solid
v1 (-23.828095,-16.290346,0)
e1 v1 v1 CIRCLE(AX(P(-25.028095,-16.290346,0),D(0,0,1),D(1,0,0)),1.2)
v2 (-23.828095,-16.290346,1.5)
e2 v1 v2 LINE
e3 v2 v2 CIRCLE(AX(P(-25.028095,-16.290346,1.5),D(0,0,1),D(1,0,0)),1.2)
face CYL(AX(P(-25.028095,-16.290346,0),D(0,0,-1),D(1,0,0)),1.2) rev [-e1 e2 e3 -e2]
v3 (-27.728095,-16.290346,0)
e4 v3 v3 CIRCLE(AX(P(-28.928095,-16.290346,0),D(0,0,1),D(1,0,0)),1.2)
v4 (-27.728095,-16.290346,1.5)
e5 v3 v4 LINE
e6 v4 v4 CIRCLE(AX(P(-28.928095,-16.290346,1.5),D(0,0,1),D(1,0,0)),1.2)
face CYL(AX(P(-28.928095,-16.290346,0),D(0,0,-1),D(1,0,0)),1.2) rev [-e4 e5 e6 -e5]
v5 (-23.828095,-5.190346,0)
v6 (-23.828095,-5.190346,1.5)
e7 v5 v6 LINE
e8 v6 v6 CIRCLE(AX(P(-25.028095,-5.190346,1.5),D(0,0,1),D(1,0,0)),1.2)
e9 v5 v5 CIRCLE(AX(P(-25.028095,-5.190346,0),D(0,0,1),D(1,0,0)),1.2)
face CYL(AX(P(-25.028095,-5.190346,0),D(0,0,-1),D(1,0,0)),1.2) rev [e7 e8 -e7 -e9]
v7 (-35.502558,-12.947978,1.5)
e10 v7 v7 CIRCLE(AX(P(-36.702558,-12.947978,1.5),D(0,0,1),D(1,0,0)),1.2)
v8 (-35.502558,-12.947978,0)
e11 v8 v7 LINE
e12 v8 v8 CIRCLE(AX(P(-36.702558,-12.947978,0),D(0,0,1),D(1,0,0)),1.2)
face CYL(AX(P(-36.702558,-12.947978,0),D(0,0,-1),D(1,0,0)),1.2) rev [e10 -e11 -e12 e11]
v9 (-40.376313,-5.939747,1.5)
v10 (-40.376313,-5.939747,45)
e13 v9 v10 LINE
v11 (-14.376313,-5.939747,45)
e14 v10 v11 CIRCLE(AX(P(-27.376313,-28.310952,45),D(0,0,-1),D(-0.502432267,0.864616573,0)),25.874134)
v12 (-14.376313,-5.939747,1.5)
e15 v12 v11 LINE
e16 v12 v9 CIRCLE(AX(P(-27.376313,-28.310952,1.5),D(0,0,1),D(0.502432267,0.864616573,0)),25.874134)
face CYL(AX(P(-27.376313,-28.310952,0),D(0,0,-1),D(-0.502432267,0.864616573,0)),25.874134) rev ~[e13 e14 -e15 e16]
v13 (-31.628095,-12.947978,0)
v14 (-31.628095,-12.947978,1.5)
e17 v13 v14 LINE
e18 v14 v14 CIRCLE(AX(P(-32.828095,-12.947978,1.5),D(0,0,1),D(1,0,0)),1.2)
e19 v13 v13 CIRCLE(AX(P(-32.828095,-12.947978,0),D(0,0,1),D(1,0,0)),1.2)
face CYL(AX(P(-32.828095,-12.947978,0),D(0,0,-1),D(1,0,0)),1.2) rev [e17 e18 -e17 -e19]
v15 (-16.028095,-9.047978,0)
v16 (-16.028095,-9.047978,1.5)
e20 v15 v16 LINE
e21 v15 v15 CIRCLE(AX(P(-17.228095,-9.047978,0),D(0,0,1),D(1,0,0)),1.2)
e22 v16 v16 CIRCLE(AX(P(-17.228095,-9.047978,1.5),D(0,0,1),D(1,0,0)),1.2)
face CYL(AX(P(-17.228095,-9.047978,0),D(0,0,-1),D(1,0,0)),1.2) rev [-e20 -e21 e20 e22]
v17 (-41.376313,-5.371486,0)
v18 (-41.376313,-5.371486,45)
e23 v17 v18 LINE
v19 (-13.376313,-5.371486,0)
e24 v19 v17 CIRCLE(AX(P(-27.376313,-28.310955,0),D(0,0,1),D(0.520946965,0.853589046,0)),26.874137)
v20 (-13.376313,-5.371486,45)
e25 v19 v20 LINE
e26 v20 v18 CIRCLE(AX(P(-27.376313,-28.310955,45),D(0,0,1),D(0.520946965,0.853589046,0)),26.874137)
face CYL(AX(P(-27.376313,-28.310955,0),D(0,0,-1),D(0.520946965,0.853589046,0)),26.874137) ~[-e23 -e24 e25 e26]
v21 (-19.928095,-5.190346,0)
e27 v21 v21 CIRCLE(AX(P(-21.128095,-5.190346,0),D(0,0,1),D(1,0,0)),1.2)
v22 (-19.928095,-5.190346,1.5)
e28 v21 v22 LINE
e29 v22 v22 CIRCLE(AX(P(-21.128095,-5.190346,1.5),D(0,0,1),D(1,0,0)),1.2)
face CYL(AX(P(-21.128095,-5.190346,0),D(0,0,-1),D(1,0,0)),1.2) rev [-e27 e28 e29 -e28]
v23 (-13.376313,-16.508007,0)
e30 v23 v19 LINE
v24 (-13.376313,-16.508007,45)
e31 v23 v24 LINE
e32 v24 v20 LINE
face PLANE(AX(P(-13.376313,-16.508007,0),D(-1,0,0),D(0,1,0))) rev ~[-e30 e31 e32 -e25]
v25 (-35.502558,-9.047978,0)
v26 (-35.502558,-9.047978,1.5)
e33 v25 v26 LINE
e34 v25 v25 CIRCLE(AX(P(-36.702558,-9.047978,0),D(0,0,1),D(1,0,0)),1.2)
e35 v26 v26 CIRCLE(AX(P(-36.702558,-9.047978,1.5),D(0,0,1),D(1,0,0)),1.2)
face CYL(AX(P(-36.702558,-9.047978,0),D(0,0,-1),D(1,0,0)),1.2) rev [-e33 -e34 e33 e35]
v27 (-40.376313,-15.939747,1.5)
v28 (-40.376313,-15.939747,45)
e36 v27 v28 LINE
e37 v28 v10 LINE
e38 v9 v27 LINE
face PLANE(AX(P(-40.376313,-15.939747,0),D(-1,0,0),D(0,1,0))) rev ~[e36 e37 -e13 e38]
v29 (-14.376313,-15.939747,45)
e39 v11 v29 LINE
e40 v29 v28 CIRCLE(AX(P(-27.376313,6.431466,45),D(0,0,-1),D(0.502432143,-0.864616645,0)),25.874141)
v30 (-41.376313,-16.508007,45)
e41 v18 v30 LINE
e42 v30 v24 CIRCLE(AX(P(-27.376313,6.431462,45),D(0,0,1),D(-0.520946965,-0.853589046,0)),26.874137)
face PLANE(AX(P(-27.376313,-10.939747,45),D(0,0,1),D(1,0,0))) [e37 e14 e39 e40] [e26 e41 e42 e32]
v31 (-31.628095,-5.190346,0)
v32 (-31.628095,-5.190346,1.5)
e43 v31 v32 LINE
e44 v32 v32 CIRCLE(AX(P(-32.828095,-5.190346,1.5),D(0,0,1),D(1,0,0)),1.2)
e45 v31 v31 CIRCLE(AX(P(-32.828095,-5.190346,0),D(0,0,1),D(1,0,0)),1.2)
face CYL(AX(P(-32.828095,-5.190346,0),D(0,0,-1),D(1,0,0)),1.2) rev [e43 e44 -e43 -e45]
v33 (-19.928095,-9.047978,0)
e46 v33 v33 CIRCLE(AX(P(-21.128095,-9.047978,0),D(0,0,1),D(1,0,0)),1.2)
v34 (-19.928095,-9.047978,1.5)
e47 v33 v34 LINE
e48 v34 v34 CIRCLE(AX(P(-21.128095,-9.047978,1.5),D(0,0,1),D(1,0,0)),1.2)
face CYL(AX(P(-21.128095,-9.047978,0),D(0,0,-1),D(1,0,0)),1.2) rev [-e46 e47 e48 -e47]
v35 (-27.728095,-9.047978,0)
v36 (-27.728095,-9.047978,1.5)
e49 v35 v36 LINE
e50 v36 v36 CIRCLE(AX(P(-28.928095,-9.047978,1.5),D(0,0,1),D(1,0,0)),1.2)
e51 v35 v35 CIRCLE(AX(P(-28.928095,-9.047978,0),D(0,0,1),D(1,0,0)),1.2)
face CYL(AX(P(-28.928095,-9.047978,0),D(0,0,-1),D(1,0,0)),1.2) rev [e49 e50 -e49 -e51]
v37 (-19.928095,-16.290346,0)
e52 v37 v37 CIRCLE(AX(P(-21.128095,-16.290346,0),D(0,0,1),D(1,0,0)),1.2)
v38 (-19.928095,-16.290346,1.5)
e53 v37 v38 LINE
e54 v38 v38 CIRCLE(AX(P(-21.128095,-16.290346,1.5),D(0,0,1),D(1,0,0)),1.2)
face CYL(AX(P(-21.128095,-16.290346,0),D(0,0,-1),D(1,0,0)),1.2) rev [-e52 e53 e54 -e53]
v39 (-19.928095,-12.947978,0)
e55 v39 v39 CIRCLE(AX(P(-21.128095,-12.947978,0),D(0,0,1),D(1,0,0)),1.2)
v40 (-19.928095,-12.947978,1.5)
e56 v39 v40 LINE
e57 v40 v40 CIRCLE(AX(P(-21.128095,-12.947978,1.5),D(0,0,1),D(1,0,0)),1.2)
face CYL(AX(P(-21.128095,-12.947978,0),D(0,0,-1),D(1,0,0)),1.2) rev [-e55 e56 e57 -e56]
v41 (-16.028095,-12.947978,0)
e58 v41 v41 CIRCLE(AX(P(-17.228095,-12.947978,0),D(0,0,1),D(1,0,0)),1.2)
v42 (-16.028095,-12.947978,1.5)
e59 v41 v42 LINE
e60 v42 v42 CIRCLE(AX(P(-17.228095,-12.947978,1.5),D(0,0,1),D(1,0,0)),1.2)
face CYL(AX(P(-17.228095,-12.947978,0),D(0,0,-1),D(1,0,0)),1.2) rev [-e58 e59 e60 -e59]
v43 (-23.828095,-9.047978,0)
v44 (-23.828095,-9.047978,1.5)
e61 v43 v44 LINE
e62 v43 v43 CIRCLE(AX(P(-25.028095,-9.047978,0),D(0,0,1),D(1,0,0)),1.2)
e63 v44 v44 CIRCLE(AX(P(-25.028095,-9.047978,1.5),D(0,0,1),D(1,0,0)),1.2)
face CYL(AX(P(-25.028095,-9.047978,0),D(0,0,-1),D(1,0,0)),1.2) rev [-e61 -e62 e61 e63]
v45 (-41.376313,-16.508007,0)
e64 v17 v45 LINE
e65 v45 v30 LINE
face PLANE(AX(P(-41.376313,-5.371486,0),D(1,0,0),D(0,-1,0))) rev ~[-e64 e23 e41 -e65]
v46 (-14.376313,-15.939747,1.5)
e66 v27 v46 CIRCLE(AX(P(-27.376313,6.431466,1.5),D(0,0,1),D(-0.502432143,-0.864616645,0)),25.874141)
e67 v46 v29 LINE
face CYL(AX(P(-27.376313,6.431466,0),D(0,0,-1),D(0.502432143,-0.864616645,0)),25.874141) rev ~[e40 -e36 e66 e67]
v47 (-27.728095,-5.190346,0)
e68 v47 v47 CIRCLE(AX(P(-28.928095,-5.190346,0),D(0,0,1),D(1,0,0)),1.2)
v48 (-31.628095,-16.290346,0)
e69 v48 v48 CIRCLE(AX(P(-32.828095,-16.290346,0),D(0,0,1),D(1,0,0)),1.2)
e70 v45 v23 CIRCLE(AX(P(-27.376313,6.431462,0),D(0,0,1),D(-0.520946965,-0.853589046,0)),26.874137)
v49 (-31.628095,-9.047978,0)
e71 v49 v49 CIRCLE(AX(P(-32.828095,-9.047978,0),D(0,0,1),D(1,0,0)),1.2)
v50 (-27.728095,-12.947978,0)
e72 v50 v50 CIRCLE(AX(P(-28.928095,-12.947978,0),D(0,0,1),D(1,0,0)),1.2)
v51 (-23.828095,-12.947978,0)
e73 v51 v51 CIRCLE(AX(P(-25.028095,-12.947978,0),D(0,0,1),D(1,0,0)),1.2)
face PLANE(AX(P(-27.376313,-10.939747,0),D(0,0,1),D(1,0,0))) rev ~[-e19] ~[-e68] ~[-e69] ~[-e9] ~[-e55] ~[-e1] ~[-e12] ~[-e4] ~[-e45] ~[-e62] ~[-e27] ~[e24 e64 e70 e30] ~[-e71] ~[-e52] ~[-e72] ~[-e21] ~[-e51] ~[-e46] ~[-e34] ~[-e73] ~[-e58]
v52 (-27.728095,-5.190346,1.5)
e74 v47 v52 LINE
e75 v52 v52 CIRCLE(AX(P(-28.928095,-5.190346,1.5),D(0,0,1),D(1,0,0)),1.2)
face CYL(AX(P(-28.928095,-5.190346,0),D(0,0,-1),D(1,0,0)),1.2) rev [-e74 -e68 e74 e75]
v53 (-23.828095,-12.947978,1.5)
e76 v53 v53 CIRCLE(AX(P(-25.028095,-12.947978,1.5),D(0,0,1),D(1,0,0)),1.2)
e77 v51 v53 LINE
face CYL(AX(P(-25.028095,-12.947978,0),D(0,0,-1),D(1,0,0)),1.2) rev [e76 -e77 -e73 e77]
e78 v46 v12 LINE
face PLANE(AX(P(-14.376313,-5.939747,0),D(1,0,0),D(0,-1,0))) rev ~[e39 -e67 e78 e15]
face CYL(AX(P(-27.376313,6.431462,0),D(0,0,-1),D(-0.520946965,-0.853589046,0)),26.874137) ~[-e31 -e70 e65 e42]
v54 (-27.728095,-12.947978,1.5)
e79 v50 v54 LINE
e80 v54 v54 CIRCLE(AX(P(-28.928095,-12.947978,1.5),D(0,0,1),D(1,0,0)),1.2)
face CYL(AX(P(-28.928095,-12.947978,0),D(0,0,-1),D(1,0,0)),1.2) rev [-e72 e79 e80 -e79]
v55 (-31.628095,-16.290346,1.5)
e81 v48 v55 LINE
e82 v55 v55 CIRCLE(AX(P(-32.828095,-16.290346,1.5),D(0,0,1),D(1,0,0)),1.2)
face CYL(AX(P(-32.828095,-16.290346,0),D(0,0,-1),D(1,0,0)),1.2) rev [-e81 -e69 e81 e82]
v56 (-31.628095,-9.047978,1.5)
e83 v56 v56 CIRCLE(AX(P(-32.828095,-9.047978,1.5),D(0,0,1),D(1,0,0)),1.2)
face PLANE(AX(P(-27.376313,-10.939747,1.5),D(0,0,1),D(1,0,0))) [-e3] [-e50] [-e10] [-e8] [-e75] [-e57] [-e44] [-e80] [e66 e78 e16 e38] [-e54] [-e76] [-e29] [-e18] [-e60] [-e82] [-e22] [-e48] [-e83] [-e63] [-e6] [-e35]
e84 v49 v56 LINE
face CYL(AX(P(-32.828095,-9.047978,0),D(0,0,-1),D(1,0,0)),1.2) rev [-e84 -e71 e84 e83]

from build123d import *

# Parameters (mm, degrees)
F1_DEPTH = 45
F0_R     = 1.2
F2_DEPTH = 1.5


with BuildPart() as f1:
    # F0 (on Top) → F1 (new body)
    with BuildSketch(Plane.XY):
        with BuildLine():
            Line((-13.376313, -16.508007), (-13.376313, -5.371486))
            ThreePointArc((-13.376313, -5.371486), (-27.376313, -1.436818), (-41.376313, -5.371486))
            Line((-41.376313, -5.371486), (-41.376313, -16.508007))
            ThreePointArc((-41.376313, -16.508007), (-27.376313, -20.442675), (-13.376313, -16.508007))
        make_face()
        with BuildLine():
            Line((-40.376313, -15.939747), (-40.376313, -5.939747))
            ThreePointArc((-40.376313, -5.939747), (-27.376313, -2.436818), (-14.376313, -5.939747))
            Line((-14.376313, -5.939747), (-14.376313, -15.939747))
            ThreePointArc((-14.376313, -15.939747), (-27.376313, -19.442675), (-40.376313, -15.939747))
        make_face(mode=Mode.SUBTRACT)
    extrude(amount=F1_DEPTH)

    # F0 (on Top) → F2 (join)
    with BuildSketch(Plane.XY):
        with BuildLine():
            ThreePointArc((-14.376313, -5.939747), (-27.376313, -2.436818), (-40.376313, -5.939747))
            Line((-40.376313, -5.939747), (-40.376313, -15.939747))
            ThreePointArc((-40.376313, -15.939747), (-27.376313, -19.442675), (-14.376313, -15.939747))
            Line((-14.376313, -15.939747), (-14.376313, -5.939747))
        make_face()
        with Locations((-32.828095, -16.290346)):
            Circle(F0_R, mode=Mode.SUBTRACT)
        with Locations((-28.928095, -16.290346)):
            Circle(F0_R, mode=Mode.SUBTRACT)
        with Locations((-36.702558, -12.947978)):
            Circle(F0_R, mode=Mode.SUBTRACT)
        with Locations((-32.828095, -12.947978)):
            Circle(F0_R, mode=Mode.SUBTRACT)
        with Locations((-28.928095, -12.947978)):
            Circle(F0_R, mode=Mode.SUBTRACT)
        with Locations((-25.028095, -16.290346)):
            Circle(F0_R, mode=Mode.SUBTRACT)
        with Locations((-21.128095, -16.290346)):
            Circle(F0_R, mode=Mode.SUBTRACT)
        with Locations((-25.028095, -12.947978)):
            Circle(F0_R, mode=Mode.SUBTRACT)
        with Locations((-21.128095, -12.947978)):
            Circle(F0_R, mode=Mode.SUBTRACT)
        with Locations((-17.228095, -12.947978)):
            Circle(F0_R, mode=Mode.SUBTRACT)
        with Locations((-36.702558, -9.047978)):
            Circle(F0_R, mode=Mode.SUBTRACT)
        with Locations((-32.828095, -9.047978)):
            Circle(F0_R, mode=Mode.SUBTRACT)
        with Locations((-28.928095, -9.047978)):
            Circle(F0_R, mode=Mode.SUBTRACT)
        with Locations((-32.828095, -5.190346)):
            Circle(F0_R, mode=Mode.SUBTRACT)
        with Locations((-28.928095, -5.190346)):
            Circle(F0_R, mode=Mode.SUBTRACT)
        with Locations((-25.028095, -9.047978)):
            Circle(F0_R, mode=Mode.SUBTRACT)
        with Locations((-21.128095, -9.047978)):
            Circle(F0_R, mode=Mode.SUBTRACT)
        with Locations((-17.228095, -9.047978)):
            Circle(F0_R, mode=Mode.SUBTRACT)
        with Locations((-25.028095, -5.190346)):
            Circle(F0_R, mode=Mode.SUBTRACT)
        with Locations((-21.128095, -5.190346)):
            Circle(F0_R, mode=Mode.SUBTRACT)
    extrude(amount=F2_DEPTH)


solid = f1.part
